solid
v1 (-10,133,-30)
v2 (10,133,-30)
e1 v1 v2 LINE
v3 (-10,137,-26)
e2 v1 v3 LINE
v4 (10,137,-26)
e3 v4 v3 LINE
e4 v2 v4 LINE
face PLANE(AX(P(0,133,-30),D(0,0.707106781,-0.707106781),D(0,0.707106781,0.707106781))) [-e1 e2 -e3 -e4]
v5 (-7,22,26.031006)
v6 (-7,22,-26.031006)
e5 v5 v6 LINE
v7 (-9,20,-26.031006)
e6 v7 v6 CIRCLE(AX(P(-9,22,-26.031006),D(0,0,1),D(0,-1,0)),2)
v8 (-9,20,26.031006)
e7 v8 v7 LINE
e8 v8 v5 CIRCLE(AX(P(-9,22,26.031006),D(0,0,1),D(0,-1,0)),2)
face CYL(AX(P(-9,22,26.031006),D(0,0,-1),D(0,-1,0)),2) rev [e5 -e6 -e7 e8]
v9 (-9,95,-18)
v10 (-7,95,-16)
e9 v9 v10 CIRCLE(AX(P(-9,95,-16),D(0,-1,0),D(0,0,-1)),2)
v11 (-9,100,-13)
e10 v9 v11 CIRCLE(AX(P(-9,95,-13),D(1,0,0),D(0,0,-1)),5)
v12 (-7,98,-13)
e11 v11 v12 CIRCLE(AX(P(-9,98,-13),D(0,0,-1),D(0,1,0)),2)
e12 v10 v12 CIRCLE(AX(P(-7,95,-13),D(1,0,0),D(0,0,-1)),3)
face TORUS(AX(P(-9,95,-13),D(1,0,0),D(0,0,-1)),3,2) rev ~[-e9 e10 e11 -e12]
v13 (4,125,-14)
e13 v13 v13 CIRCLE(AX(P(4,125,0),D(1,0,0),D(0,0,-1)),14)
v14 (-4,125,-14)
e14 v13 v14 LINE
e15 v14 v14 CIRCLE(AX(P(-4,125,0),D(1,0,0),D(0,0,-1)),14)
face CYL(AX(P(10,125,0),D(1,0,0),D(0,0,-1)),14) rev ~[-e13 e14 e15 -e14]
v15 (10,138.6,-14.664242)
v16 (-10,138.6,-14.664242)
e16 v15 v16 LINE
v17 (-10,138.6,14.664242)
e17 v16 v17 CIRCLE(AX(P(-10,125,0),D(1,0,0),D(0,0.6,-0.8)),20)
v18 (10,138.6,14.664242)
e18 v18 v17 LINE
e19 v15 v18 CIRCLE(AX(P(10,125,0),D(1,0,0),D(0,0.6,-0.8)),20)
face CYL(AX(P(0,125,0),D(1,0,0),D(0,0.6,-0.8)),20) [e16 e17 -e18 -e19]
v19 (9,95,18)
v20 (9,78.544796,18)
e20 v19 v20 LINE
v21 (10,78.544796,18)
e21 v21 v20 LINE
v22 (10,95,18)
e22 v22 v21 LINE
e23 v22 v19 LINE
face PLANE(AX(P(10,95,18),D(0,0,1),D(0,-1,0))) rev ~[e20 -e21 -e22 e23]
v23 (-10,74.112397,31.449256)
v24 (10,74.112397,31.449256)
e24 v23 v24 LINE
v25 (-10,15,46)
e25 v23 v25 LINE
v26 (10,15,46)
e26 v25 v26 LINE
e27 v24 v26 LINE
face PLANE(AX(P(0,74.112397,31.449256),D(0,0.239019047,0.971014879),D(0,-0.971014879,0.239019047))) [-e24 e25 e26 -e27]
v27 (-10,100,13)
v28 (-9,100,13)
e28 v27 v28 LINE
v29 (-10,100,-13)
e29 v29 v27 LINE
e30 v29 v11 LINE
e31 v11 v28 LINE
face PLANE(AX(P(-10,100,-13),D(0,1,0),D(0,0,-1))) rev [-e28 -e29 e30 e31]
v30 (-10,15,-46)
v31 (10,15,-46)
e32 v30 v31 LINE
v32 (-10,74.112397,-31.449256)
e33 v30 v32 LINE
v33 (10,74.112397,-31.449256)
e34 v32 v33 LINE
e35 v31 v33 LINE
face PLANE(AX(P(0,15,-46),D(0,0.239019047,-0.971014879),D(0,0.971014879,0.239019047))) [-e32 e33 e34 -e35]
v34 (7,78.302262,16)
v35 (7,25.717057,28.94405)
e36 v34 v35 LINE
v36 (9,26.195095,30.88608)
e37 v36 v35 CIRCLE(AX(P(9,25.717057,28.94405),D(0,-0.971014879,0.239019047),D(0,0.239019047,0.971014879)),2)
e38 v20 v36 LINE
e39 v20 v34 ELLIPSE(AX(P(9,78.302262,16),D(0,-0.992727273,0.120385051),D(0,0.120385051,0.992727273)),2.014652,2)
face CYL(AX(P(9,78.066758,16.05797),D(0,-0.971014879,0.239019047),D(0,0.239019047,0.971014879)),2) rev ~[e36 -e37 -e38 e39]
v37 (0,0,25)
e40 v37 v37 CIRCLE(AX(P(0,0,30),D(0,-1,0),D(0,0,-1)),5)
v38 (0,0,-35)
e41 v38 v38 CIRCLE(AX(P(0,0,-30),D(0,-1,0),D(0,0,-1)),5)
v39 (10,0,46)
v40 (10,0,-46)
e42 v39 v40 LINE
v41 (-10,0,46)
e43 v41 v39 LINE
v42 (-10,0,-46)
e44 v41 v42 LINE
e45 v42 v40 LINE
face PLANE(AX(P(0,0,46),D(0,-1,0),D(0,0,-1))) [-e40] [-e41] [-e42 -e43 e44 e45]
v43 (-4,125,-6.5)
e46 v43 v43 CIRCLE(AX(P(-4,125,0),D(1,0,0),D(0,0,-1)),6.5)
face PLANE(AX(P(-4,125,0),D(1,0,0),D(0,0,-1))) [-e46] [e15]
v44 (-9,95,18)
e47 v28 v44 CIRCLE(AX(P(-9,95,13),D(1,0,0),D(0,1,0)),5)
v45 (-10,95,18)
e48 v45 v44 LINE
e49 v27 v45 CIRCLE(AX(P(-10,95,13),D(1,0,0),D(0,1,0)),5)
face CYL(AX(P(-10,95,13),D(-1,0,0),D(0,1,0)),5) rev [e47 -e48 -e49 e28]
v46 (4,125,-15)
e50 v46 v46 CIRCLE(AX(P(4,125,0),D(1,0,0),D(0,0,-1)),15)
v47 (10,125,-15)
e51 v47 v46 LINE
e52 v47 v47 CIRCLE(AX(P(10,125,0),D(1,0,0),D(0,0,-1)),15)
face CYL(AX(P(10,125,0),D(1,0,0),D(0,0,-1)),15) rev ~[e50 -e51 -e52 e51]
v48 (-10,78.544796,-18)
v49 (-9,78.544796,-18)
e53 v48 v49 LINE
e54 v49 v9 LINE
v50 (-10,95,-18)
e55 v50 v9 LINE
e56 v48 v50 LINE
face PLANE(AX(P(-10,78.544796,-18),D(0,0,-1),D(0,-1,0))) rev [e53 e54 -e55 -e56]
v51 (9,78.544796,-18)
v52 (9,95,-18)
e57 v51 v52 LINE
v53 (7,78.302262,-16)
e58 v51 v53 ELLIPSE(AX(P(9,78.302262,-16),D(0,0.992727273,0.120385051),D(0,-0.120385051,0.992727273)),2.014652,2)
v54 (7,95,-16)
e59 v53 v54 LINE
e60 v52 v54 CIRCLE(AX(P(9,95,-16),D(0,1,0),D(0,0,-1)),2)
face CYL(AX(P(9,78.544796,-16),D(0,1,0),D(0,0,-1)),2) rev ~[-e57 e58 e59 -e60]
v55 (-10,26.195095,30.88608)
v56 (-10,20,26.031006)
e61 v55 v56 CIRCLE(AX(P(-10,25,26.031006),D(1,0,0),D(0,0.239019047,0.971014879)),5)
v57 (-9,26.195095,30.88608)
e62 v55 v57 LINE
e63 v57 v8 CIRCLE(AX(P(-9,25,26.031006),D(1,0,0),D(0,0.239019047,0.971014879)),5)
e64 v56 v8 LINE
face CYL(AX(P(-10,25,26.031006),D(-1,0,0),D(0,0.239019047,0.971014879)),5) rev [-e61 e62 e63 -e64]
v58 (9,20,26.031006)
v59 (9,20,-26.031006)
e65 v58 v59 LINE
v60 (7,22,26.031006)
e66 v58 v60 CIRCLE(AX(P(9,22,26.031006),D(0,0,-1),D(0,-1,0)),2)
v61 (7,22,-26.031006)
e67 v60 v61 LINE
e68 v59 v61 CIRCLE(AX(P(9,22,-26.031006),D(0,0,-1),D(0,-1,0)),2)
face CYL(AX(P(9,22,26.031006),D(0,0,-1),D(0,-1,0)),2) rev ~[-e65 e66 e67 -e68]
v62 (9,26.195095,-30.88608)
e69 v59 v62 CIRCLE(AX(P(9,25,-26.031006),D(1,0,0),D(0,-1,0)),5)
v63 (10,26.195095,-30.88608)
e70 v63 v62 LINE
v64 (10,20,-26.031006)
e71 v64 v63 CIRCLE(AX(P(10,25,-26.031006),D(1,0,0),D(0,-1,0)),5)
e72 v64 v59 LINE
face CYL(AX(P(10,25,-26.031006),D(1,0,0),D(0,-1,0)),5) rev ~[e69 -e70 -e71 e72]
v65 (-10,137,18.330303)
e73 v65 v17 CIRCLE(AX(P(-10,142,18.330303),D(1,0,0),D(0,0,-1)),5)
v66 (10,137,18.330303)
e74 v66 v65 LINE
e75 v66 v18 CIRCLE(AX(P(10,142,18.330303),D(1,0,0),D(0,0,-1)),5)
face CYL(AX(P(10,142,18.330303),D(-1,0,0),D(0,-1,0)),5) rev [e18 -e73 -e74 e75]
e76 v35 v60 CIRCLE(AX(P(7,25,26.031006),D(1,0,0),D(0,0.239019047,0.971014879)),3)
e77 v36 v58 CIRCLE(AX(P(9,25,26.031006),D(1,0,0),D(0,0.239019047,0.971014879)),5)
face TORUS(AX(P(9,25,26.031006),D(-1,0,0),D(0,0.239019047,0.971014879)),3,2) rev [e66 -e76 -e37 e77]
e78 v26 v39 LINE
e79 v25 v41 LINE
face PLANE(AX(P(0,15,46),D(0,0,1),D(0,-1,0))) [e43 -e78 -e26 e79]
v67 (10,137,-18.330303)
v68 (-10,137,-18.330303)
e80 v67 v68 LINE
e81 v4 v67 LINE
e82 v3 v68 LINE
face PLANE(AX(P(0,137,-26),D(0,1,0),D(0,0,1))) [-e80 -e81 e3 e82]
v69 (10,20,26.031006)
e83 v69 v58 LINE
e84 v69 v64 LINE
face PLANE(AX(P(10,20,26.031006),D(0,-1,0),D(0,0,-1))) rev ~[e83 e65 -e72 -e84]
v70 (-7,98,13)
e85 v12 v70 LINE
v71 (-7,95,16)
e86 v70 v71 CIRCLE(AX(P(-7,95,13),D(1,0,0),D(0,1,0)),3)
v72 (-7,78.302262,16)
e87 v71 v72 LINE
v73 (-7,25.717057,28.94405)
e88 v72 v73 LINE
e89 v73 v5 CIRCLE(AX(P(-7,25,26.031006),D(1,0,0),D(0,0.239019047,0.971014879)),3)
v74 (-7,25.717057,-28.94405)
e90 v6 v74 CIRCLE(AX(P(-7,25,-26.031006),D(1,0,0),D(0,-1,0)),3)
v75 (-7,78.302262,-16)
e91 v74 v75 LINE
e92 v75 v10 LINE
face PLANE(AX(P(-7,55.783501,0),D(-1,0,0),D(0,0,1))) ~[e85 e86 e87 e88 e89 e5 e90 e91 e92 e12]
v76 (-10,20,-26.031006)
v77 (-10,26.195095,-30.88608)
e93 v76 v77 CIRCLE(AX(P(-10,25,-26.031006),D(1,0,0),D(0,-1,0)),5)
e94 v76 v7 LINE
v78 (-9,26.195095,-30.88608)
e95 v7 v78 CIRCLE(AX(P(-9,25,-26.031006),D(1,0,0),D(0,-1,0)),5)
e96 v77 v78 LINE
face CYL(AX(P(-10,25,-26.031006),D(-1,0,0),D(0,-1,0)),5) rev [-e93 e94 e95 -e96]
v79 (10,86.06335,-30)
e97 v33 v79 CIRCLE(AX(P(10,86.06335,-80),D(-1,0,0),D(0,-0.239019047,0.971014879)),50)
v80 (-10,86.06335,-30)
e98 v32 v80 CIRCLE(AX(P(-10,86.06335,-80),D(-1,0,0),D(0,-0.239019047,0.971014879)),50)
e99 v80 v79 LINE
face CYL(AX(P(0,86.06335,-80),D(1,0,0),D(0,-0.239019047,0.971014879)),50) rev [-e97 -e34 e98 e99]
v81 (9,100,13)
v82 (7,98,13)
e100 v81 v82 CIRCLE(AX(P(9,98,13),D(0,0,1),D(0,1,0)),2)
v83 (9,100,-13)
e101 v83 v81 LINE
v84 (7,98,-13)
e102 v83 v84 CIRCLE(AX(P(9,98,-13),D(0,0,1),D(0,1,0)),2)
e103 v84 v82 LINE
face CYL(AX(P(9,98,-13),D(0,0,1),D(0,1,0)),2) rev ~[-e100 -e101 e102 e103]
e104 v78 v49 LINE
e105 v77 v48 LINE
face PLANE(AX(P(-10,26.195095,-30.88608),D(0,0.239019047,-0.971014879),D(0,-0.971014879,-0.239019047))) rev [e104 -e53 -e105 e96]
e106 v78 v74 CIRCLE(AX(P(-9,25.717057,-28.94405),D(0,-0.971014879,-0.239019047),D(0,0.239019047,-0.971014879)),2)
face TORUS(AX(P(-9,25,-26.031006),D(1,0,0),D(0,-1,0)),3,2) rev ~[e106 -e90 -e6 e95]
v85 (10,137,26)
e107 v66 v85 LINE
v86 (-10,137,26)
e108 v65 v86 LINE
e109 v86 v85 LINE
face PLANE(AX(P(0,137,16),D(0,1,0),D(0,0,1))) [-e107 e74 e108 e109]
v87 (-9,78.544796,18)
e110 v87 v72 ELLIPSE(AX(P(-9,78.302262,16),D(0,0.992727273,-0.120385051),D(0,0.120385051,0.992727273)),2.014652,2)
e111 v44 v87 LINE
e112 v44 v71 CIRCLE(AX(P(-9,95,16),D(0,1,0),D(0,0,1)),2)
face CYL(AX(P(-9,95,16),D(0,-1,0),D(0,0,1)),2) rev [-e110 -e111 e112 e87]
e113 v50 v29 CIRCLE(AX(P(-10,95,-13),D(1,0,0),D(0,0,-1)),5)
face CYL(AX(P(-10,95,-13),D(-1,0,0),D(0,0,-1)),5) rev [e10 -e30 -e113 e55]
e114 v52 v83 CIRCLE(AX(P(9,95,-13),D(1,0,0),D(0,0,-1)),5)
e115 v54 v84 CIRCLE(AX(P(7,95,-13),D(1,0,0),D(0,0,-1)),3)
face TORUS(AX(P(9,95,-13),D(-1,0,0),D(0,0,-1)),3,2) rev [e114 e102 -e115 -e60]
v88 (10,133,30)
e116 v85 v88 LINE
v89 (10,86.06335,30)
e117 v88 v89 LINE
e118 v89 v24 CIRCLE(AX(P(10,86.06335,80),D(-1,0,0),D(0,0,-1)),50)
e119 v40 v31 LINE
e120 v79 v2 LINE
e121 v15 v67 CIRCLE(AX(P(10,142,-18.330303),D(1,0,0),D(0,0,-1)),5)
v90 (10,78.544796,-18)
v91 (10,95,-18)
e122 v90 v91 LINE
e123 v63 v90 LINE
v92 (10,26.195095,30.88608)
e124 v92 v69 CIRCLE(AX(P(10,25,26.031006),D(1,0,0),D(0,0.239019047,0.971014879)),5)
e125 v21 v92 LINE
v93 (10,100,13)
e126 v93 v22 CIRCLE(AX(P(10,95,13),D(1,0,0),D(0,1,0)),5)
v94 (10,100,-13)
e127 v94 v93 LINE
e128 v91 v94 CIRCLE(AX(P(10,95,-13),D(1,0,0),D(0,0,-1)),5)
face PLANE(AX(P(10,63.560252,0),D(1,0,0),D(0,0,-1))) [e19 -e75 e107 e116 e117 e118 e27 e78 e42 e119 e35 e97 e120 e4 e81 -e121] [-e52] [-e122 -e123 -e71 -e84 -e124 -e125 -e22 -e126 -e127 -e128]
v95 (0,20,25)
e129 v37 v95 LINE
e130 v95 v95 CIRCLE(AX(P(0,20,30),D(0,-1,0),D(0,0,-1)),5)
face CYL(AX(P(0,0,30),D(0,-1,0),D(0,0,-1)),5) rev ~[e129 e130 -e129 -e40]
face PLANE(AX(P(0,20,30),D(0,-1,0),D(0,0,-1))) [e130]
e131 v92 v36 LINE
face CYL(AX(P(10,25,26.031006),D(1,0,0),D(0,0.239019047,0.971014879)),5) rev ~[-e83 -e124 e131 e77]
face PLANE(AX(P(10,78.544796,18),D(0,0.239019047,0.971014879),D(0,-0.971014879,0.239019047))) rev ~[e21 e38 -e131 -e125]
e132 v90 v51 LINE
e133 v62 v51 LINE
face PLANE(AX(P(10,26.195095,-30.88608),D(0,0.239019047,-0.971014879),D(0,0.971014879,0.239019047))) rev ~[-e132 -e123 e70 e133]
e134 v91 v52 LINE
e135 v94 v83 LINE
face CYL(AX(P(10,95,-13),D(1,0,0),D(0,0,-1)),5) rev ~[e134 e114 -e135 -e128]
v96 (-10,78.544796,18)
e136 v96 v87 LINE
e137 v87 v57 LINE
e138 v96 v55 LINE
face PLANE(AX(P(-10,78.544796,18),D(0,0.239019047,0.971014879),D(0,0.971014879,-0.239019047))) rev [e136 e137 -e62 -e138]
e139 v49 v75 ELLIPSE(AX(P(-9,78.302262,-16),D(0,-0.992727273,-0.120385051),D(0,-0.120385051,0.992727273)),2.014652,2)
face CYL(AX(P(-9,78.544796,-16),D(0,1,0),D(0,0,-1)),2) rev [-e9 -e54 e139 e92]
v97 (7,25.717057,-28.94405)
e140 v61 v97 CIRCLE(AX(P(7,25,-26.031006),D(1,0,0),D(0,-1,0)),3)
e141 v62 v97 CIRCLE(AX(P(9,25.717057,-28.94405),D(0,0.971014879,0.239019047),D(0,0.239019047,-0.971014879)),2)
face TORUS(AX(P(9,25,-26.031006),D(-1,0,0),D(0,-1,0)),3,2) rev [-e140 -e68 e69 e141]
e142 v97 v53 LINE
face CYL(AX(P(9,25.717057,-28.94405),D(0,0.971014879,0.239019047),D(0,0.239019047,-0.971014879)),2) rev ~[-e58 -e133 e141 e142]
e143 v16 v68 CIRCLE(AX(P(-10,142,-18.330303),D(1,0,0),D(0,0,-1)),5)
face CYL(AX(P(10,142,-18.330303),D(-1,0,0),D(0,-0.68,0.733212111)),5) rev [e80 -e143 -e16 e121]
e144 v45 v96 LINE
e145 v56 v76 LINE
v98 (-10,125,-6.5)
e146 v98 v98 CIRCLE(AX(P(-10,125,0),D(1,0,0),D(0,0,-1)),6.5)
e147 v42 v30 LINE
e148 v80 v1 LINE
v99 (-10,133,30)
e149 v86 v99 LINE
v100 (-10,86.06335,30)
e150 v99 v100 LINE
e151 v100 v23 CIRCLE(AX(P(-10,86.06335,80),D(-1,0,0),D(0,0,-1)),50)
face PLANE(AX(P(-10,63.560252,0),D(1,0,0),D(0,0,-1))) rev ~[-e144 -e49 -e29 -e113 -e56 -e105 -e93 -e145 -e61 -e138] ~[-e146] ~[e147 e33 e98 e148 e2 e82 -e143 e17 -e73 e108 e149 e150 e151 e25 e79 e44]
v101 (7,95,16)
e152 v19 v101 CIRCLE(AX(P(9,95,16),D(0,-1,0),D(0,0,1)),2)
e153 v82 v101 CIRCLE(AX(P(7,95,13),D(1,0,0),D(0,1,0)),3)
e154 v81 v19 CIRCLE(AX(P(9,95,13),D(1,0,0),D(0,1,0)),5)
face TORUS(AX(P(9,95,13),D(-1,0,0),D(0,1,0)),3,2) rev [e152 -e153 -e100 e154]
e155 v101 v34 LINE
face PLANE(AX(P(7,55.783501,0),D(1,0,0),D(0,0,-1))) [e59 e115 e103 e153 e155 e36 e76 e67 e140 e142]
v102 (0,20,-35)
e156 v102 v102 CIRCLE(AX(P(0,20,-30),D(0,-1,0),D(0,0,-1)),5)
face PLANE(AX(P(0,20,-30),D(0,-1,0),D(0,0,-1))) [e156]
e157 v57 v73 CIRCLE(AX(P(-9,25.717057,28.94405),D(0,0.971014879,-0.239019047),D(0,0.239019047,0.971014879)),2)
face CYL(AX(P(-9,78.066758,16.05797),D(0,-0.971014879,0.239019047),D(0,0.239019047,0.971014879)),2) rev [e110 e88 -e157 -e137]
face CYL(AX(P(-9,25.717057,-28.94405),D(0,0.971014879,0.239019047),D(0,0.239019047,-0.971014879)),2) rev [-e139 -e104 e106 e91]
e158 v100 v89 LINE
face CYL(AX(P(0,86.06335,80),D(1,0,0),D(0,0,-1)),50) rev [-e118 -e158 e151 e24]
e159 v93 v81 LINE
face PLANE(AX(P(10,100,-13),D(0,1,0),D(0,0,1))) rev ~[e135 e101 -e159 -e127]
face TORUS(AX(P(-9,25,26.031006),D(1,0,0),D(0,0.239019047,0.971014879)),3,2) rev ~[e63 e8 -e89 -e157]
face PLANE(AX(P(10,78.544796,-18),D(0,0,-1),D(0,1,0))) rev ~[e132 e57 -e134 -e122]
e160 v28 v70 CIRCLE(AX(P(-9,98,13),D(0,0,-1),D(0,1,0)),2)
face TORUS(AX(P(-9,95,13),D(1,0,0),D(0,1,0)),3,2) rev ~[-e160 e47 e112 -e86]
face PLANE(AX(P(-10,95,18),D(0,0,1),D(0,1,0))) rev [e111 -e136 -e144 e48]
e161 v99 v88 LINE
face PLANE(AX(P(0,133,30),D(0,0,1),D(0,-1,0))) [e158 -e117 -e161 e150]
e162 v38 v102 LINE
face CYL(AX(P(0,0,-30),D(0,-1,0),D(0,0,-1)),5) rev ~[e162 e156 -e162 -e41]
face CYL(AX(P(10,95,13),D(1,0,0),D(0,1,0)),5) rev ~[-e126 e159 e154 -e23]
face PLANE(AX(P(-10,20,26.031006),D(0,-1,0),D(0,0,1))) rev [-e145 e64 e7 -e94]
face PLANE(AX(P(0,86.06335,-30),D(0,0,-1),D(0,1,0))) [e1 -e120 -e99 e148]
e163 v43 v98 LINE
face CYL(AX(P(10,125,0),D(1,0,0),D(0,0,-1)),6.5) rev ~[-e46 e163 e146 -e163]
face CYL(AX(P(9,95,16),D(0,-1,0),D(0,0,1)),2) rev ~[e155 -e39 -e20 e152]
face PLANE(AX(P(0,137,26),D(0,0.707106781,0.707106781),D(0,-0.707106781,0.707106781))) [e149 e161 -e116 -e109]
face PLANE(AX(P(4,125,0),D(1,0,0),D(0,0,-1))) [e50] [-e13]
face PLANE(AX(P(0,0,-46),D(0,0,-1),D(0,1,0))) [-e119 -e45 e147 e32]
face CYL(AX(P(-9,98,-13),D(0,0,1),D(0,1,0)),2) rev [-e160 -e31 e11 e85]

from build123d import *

# Parameters (mm, degrees)
BOSS_EXTRUDE1_DEPTH  = 10
CUT_EXTRUDE1_DEPTH   = 3
FILLET1_R            = 2
FILLET1_OF_MIRROR1_R = 2
SKETCH3_R            = 15
SKETCH3_R_2          = 14
CUT_EXTRUDE2_DEPTH   = 6
SKETCH3_3_R          = 14
CUT_EXTRUDE3_DEPTH   = 14
SKETCH3_4_R          = 6.5
CUT_EXTRUDE4_DEPTH   = 154.430766146
SKETCH4_R            = 5
CUT_EXTRUDE5_DEPTH   = 20
FILLET2_R            = 5


with BuildPart() as part:
    # Sketch1 → Boss-Extrude1 (new, symmetric)
    with BuildSketch(Plane(origin=(0, 0, 0), x_dir=(0, 0, -1), z_dir=(1, 0, 0))):
        with BuildLine():
            Line((-16, 137), (-26, 137))
            Line((-26, 137), (-30, 133))
            Line((-30, 133), (-30, 86.06334964))
            ThreePointArc((-30, 86.06334964), (-30.363636327, 80.044097084), (-31.449256053, 74.112397284))
            Line((-31.449256053, 74.112397284), (-46, 15))
            Line((-46, 15), (-46, 0))
            Line((-46, 0), (46, 0))
            Line((46, 0), (46, 15))
            Line((46, 15), (31.449256053, 74.112397284))
            ThreePointArc((31.449256053, 74.112397284), (30.363636327, 80.044097084), (30, 86.06334964))
            Line((30, 86.06334964), (30, 133))
            Line((30, 133), (26, 137))
            Line((26, 137), (16, 137))
            ThreePointArc((16, 137), (0, 145), (-16, 137))
        make_face()
    extrude(amount=BOSS_EXTRUDE1_DEPTH, both=True)

    # Sketch2 → Cut-Extrude1 (cut)
    with BuildSketch(Plane(origin=(10, 0, 0), x_dir=(0, 0, -1), z_dir=(1, 0, 0))):
        with BuildLine():
            Line((13, 100), (-13, 100))
            ThreePointArc((-13, 100), (-16.535533906, 98.535533906), (-18, 95))
            Line((-18, 95), (-18, 78.544796086))
            Line((-18, 78.544796086), (-30.886080209, 26.195095236))
            ThreePointArc((-30.886080209, 26.195095236), (-29.966452179, 21.915804495), (-26.031005815, 20))
            Line((-26.031005815, 20), (26.031005815, 20))
            ThreePointArc((26.031005815, 20), (29.966452179, 21.915804495), (30.886080209, 26.195095236))
            Line((30.886080209, 26.195095236), (18, 78.544796086))
            Line((18, 78.544796086), (18, 95))
            ThreePointArc((18, 95), (16.535533906, 98.535533906), (13, 100))
        make_face()
    cut_extrude1 = extrude(amount=-CUT_EXTRUDE1_DEPTH, mode=Mode.SUBTRACT)

    # Fillet1
    fillet1_edges = [part.edges().sort_by_distance(p)[0] for p in [
        (7, 86.772398043, 18),
        (7, 98.535533906, 16.535533906),
        (7, 100, 0),
        (7, 98.535533906, -16.535533906),
        (7, 86.772398043, -18),
        (7, 52.369945661, -24.443040105),
        (7, 21.915804495, -29.966452179),
        (7, 20, 0),
        (7, 21.915804495, 29.966452179),
        (7, 52.369945661, 24.443040105),
    ]]
    fillet(fillet1_edges, radius=FILLET1_R)

    # Mirror1: Cut-Extrude1 across plane
    add(cut_extrude1.mirror(Plane(origin=(0, 0, 0), x_dir=(0, 0, 1), z_dir=(1, 0, 0))), mode=Mode.SUBTRACT)

    # Fillet1 of Mirror1
    fillet1_of_mirror1_edges = [part.edges().sort_by_distance(p)[0] for p in [
        (-7, 86.772398043, 18),
        (-7, 98.535533906, 16.535533906),
        (-7, 100, 0),
        (-7, 98.535533906, -16.535533906),
        (-7, 86.772398043, -18),
        (-7, 52.369945661, -24.443040105),
        (-7, 21.915804495, -29.966452179),
        (-7, 20, 0),
        (-7, 21.915804495, 29.966452179),
        (-7, 52.369945661, 24.443040105),
    ]]
    fillet(fillet1_of_mirror1_edges, radius=FILLET1_OF_MIRROR1_R)

    # Sketch3 → Cut-Extrude2 (cut)
    with BuildSketch(Plane(origin=(10, 0, 0), x_dir=(0, 0, -1), z_dir=(1, 0, 0))):
        with Locations((0, 125)):
            Circle(SKETCH3_R)
        with Locations((0, 125)):
            Circle(SKETCH3_R_2, mode=Mode.SUBTRACT)
    extrude(amount=-CUT_EXTRUDE2_DEPTH, mode=Mode.SUBTRACT)

    # Sketch3<3> → Cut-Extrude3 (cut)
    with BuildSketch(Plane(origin=(10, 0, 0), x_dir=(0, 0, -1), z_dir=(1, 0, 0))):
        with Locations((0, 125)):
            Circle(SKETCH3_3_R)
    extrude(amount=-CUT_EXTRUDE3_DEPTH, mode=Mode.SUBTRACT)

    # Sketch3<4> → Cut-Extrude4 (cut, through all)
    with BuildSketch(Plane(origin=(10, 0, 0), x_dir=(0, 0, -1), z_dir=(1, 0, 0))):
        with Locations((0, 125)):
            Circle(SKETCH3_4_R)
    extrude(amount=-CUT_EXTRUDE4_DEPTH, mode=Mode.SUBTRACT)

    # Sketch4 → Cut-Extrude5 (cut)
    with BuildSketch(Plane.XZ):
        with Locations((0, 30)):
            Circle(SKETCH4_R)
        with Locations((0, -30)):
            Circle(SKETCH4_R)
    extrude(amount=-CUT_EXTRUDE5_DEPTH, mode=Mode.SUBTRACT)

    # Fillet2
    fillet2_edges = [part.edges().sort_by_distance(p)[0] for p in [
        (0, 137, -16),
        (0, 137, 16),
    ]]
    fillet(fillet2_edges, radius=FILLET2_R)


solid = part.part
